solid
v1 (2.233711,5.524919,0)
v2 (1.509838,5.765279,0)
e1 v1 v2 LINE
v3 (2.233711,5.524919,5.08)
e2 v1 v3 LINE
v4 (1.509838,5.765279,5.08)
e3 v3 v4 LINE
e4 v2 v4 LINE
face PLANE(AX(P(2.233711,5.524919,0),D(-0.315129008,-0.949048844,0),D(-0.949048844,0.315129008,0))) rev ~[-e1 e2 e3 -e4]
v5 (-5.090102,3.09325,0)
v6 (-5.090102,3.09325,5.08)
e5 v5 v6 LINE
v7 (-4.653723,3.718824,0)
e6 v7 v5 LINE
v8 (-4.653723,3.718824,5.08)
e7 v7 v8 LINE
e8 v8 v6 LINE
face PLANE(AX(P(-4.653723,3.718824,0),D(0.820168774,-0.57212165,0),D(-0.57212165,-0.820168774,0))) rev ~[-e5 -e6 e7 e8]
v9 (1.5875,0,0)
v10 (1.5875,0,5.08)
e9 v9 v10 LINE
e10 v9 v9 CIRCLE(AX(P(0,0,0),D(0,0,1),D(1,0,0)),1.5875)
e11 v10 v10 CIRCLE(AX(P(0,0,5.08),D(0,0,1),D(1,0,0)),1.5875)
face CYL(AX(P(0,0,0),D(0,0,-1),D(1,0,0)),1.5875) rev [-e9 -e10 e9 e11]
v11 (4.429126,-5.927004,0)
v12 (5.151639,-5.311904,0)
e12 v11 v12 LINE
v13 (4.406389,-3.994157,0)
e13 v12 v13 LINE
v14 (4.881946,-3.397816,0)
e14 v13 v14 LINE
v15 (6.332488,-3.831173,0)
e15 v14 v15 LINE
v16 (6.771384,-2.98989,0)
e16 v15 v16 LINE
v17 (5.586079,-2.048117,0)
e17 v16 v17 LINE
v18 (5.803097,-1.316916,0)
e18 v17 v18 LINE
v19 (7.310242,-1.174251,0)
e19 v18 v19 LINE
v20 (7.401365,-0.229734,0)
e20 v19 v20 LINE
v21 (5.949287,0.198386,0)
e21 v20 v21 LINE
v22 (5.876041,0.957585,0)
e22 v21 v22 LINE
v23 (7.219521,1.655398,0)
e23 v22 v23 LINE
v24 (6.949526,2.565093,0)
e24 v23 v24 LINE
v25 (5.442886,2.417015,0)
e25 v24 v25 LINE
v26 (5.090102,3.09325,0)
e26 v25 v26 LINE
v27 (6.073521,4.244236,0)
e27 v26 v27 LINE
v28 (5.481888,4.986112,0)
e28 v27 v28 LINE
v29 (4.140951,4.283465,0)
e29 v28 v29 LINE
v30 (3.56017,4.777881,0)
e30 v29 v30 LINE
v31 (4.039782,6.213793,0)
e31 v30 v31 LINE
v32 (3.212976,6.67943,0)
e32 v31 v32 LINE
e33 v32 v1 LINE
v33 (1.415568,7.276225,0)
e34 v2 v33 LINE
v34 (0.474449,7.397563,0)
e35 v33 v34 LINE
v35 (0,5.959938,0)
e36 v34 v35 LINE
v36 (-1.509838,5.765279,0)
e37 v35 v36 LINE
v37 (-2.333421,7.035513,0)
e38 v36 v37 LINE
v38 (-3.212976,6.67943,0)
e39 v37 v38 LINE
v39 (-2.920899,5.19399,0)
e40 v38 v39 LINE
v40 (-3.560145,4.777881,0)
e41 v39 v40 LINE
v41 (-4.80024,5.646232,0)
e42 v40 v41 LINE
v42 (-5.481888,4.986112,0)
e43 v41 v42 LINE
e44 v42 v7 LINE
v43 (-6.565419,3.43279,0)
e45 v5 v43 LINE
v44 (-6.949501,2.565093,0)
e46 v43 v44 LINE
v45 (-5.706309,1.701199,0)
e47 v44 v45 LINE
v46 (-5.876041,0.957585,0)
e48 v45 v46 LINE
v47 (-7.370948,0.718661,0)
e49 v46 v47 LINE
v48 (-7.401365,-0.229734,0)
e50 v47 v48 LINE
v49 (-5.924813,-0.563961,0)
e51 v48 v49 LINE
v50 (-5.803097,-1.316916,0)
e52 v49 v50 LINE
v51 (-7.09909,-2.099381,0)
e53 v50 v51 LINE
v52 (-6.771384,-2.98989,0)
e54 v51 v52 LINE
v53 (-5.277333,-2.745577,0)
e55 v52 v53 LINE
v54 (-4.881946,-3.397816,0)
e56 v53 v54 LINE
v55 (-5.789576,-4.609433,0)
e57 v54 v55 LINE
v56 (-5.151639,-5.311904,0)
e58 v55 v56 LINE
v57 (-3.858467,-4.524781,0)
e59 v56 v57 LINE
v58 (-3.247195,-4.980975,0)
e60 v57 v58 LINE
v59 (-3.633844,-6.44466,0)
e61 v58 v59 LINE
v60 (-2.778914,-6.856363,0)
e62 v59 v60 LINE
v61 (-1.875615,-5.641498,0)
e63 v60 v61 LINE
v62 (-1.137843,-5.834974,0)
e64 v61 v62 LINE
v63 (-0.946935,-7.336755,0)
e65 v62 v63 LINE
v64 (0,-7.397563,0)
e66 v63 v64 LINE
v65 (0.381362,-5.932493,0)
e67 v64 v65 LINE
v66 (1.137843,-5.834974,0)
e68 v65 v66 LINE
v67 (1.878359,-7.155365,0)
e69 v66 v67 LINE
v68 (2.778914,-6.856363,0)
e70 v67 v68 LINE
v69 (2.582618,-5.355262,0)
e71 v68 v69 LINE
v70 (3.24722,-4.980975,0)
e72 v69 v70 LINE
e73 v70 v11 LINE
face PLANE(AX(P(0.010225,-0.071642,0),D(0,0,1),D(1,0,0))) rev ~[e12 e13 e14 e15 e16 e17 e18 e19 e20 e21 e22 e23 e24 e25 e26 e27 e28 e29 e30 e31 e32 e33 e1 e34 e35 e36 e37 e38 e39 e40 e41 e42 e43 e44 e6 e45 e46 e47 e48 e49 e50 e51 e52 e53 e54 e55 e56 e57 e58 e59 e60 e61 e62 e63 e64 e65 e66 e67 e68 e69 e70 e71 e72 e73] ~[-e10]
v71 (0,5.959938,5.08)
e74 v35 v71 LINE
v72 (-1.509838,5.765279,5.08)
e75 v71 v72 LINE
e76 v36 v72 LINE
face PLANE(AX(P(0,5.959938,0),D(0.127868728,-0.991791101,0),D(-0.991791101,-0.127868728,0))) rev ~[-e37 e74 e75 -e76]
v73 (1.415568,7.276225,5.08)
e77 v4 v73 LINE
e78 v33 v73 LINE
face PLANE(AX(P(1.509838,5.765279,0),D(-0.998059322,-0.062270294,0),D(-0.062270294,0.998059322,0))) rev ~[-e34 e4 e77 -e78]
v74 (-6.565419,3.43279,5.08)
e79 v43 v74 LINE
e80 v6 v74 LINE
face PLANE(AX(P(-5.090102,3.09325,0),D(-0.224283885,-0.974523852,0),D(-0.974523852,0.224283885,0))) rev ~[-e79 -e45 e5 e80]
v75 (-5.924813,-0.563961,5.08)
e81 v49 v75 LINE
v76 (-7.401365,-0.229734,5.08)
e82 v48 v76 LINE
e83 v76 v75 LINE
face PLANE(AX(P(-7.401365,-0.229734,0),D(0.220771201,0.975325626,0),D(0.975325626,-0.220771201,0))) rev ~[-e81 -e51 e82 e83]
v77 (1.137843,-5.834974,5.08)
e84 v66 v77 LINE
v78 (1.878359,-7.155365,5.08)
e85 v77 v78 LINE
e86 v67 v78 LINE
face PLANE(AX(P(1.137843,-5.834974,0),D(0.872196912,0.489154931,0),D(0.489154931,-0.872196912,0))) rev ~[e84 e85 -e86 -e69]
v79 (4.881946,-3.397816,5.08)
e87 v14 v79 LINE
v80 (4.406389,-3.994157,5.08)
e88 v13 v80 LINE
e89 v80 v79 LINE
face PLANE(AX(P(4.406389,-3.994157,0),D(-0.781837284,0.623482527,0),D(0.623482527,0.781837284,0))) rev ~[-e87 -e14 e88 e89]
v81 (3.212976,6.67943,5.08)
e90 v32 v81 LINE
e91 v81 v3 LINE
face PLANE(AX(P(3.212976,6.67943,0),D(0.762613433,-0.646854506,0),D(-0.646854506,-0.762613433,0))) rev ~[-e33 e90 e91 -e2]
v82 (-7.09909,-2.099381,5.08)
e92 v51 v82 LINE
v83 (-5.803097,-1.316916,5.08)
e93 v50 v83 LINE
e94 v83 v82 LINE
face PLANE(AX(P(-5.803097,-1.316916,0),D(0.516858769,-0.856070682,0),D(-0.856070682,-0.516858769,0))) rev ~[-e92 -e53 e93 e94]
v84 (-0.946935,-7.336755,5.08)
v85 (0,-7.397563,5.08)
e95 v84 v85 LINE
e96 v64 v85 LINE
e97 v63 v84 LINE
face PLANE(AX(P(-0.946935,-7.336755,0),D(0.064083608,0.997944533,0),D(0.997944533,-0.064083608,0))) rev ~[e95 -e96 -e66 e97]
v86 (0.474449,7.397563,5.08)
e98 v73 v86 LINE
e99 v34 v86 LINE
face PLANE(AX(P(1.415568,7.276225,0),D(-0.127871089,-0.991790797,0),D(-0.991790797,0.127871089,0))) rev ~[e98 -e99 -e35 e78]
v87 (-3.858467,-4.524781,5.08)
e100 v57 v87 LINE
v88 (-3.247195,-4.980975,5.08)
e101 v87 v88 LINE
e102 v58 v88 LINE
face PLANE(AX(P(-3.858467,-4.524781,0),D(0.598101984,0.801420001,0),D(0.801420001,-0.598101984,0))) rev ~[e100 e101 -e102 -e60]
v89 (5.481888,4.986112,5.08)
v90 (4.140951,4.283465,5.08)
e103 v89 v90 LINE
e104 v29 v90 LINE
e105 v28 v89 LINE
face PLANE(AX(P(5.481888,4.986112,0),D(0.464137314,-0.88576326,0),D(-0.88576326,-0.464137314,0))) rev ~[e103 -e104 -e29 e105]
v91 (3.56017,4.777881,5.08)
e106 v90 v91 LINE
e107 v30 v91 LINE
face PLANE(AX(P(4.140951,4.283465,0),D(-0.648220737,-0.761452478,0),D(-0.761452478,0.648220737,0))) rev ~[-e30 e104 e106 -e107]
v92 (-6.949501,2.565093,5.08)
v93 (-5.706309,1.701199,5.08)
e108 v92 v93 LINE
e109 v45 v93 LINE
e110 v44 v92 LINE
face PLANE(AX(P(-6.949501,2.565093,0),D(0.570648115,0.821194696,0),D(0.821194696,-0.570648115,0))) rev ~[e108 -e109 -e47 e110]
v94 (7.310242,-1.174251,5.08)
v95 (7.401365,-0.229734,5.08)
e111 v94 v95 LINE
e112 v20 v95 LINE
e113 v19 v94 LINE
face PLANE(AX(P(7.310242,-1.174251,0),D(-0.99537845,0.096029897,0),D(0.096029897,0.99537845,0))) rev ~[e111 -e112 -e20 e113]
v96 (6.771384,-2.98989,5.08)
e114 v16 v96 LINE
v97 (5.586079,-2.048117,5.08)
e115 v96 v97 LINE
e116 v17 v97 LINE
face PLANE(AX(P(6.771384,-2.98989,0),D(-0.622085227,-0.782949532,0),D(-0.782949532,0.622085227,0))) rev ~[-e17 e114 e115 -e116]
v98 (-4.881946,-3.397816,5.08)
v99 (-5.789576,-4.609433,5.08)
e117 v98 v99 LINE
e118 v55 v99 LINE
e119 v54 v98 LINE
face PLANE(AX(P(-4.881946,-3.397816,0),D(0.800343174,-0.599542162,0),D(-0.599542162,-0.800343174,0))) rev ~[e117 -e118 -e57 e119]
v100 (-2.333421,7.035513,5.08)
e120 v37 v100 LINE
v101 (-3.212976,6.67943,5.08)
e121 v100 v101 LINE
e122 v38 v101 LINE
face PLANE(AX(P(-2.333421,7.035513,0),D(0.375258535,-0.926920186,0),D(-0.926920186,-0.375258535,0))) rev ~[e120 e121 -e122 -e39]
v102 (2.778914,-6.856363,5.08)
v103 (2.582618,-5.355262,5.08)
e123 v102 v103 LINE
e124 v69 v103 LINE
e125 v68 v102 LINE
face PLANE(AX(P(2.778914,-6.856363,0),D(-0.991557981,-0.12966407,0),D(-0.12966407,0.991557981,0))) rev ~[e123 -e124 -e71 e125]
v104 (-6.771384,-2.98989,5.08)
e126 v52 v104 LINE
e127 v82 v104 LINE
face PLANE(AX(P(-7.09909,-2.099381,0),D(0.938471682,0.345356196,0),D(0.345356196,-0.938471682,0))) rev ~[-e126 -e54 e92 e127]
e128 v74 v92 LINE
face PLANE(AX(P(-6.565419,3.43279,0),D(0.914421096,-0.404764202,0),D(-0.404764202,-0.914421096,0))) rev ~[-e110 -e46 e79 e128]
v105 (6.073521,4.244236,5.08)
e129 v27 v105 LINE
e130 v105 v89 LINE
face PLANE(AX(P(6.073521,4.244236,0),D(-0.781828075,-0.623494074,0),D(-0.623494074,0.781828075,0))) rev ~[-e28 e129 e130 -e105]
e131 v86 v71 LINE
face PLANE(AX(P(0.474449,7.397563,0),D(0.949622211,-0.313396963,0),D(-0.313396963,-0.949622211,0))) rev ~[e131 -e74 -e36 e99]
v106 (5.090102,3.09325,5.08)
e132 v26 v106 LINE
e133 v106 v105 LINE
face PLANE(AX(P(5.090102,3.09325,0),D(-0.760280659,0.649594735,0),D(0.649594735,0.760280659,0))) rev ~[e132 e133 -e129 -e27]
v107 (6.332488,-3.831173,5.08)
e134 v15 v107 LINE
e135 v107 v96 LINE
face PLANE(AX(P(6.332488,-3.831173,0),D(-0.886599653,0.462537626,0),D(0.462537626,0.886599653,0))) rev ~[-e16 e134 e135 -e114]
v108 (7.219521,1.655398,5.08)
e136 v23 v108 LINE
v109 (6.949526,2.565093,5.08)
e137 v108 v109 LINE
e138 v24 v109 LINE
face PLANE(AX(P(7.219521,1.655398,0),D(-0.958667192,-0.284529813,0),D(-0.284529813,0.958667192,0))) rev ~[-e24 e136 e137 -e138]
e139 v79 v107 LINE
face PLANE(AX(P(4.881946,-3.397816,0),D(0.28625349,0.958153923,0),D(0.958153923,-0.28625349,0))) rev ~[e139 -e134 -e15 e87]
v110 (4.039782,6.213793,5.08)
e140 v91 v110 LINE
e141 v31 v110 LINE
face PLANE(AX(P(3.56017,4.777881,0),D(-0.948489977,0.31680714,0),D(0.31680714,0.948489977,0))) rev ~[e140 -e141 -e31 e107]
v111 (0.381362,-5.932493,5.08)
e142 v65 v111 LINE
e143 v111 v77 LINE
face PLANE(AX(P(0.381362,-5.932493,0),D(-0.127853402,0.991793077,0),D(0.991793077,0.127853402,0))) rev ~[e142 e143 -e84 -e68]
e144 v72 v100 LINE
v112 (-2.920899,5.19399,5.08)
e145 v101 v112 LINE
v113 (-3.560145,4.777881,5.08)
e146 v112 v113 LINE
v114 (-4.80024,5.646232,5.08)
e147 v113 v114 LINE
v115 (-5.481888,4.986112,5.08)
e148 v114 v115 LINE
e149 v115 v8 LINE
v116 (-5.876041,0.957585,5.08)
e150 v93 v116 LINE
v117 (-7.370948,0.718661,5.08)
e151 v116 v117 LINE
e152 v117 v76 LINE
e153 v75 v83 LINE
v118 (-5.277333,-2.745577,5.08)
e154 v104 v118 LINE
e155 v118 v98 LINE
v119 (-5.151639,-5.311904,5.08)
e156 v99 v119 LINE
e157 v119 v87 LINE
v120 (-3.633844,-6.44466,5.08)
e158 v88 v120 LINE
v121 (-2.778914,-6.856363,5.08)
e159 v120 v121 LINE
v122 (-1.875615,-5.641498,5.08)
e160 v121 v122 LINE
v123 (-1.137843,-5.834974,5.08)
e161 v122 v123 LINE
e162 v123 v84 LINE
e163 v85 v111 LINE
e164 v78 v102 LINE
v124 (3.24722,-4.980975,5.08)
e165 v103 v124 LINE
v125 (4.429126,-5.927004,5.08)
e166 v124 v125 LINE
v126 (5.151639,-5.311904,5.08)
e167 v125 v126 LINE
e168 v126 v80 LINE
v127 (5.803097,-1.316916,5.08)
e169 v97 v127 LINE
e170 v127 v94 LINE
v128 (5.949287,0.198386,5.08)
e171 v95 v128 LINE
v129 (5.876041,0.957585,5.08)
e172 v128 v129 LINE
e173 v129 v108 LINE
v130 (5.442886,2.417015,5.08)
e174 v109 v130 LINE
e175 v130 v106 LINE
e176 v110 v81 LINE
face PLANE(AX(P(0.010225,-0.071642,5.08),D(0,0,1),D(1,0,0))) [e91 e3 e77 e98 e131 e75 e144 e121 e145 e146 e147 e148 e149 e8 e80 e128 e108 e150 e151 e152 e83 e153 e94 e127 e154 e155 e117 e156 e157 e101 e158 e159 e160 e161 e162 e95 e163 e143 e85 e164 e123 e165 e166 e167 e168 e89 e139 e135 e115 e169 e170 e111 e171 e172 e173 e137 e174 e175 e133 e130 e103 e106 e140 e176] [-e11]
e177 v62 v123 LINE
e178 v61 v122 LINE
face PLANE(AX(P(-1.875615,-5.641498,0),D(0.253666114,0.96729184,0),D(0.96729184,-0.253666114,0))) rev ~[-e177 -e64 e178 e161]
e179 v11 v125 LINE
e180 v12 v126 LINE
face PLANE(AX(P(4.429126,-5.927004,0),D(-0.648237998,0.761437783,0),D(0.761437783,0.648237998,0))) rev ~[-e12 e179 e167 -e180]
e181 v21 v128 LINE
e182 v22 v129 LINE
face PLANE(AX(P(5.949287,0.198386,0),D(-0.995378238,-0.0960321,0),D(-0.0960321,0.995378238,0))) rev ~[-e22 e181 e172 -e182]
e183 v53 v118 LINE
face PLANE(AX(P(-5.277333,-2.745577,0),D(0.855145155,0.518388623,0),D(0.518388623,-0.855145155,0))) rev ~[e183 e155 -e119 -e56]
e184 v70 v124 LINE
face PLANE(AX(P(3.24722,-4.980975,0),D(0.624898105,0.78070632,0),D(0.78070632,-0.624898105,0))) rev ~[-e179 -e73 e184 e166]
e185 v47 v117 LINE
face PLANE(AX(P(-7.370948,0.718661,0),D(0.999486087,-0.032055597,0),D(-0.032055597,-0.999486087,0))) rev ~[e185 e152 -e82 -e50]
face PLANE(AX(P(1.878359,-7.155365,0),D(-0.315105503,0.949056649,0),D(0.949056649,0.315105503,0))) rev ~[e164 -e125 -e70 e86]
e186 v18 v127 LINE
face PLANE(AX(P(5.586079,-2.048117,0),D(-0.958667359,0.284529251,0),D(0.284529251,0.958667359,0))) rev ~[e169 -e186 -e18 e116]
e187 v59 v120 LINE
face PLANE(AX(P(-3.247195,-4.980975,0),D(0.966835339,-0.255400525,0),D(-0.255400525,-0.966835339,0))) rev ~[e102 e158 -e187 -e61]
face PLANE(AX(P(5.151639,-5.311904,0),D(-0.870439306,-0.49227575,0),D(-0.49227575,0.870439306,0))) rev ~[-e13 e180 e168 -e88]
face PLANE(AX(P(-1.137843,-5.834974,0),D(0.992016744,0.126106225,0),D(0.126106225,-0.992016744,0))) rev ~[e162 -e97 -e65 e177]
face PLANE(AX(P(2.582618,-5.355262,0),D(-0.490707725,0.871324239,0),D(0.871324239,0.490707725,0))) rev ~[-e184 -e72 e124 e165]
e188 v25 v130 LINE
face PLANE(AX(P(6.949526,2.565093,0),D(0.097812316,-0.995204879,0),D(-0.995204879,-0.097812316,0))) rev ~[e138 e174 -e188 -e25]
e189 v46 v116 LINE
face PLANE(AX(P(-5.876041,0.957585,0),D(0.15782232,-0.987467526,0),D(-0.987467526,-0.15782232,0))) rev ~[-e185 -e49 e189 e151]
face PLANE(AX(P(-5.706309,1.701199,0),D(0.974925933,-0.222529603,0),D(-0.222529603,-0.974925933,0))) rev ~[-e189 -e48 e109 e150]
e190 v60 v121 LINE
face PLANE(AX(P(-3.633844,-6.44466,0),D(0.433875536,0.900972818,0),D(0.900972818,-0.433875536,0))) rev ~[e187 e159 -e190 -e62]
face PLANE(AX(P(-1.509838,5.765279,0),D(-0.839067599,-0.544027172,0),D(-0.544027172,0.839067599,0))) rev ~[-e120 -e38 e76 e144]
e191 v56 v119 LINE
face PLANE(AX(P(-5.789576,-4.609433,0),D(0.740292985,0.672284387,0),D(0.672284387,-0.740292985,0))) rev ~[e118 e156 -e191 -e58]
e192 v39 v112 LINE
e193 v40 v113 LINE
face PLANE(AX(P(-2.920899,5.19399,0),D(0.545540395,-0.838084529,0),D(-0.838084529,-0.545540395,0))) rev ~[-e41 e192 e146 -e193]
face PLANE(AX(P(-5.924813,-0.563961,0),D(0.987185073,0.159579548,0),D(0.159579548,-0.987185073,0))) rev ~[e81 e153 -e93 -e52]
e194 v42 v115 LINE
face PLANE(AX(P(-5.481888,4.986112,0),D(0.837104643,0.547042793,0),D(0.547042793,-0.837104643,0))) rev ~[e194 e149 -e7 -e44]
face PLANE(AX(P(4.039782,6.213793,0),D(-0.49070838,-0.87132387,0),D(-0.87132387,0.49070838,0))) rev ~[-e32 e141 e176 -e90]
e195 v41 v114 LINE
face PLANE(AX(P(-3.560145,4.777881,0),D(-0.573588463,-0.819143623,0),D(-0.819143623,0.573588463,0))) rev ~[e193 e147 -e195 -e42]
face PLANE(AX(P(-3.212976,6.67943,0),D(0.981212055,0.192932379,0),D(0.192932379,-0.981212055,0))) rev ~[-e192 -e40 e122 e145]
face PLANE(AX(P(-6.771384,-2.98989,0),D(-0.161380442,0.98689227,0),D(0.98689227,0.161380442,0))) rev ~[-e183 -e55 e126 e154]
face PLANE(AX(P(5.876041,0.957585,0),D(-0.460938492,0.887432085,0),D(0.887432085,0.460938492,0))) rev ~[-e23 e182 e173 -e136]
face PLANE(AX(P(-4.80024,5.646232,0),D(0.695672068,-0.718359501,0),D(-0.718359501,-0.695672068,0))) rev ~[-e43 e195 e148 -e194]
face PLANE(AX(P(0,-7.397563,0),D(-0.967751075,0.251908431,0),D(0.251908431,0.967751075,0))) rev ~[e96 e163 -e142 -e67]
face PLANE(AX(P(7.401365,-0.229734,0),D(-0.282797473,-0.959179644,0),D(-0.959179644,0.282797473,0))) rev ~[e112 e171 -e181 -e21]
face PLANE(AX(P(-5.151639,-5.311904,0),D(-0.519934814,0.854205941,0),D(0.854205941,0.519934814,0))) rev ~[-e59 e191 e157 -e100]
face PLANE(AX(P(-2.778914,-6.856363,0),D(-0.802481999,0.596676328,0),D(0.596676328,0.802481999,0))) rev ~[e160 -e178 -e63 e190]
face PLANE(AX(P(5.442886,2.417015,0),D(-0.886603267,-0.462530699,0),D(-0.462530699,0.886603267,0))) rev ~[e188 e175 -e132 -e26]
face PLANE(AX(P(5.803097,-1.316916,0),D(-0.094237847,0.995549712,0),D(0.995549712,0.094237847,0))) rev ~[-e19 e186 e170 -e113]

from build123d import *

# Parameters (mm, degrees)
F0_R     = 1.5875
F1_DEPTH = 5.08


with BuildPart() as f1:
    # F0 (on Top) → F1 (new body)
    with BuildSketch(Plane.XY):
        Polygon((0.474449, 7.397563), (0, 5.959938), (-1.509838, 5.765279), (-2.333421, 7.035513), (-3.212976, 6.67943), (-2.920899, 5.19399), (-3.560145, 4.777881), (-4.80024, 5.646232), (-5.481888, 4.986112), (-4.653723, 3.718824), (-5.090102, 3.09325), (-6.565419, 3.43279), (-6.949501, 2.565093), (-5.706309, 1.701199), (-5.876041, 0.957585), (-7.370948, 0.718661), (-7.401365, -0.229734), (-5.924813, -0.563961), (-5.803097, -1.316916), (-7.09909, -2.099381), (-6.771384, -2.98989), (-5.277333, -2.745577), (-4.881946, -3.397816), (-5.789576, -4.609433), (-5.151639, -5.311904), (-3.858467, -4.524781), (-3.247195, -4.980975), (-3.633844, -6.44466), (-2.778914, -6.856363), (-1.875615, -5.641498), (-1.137843, -5.834974), (-0.946935, -7.336755), (0, -7.397563), (0.381362, -5.932493), (1.137843, -5.834974), (1.878359, -7.155365), (2.778914, -6.856363), (2.582618, -5.355262), (3.24722, -4.980975), (4.429126, -5.927004), (5.151639, -5.311904), (4.406389, -3.994157), (4.881946, -3.397816), (6.332488, -3.831173), (6.771384, -2.98989), (5.586079, -2.048117), (5.803097, -1.316916), (7.310242, -1.174251), (7.401365, -0.229734), (5.949287, 0.198386), (5.876041, 0.957585), (7.219521, 1.655398), (6.949526, 2.565093), (5.442886, 2.417015), (5.090102, 3.09325), (6.073521, 4.244236), (5.481888, 4.986112), (4.140951, 4.283465), (3.56017, 4.777881), (4.039782, 6.213793), (3.212976, 6.67943), (2.233711, 5.524919), (1.509838, 5.765279), (1.415568, 7.276225), align=None)
        Circle(F0_R, mode=Mode.SUBTRACT)
    extrude(amount=F1_DEPTH)


solid = f1.part
